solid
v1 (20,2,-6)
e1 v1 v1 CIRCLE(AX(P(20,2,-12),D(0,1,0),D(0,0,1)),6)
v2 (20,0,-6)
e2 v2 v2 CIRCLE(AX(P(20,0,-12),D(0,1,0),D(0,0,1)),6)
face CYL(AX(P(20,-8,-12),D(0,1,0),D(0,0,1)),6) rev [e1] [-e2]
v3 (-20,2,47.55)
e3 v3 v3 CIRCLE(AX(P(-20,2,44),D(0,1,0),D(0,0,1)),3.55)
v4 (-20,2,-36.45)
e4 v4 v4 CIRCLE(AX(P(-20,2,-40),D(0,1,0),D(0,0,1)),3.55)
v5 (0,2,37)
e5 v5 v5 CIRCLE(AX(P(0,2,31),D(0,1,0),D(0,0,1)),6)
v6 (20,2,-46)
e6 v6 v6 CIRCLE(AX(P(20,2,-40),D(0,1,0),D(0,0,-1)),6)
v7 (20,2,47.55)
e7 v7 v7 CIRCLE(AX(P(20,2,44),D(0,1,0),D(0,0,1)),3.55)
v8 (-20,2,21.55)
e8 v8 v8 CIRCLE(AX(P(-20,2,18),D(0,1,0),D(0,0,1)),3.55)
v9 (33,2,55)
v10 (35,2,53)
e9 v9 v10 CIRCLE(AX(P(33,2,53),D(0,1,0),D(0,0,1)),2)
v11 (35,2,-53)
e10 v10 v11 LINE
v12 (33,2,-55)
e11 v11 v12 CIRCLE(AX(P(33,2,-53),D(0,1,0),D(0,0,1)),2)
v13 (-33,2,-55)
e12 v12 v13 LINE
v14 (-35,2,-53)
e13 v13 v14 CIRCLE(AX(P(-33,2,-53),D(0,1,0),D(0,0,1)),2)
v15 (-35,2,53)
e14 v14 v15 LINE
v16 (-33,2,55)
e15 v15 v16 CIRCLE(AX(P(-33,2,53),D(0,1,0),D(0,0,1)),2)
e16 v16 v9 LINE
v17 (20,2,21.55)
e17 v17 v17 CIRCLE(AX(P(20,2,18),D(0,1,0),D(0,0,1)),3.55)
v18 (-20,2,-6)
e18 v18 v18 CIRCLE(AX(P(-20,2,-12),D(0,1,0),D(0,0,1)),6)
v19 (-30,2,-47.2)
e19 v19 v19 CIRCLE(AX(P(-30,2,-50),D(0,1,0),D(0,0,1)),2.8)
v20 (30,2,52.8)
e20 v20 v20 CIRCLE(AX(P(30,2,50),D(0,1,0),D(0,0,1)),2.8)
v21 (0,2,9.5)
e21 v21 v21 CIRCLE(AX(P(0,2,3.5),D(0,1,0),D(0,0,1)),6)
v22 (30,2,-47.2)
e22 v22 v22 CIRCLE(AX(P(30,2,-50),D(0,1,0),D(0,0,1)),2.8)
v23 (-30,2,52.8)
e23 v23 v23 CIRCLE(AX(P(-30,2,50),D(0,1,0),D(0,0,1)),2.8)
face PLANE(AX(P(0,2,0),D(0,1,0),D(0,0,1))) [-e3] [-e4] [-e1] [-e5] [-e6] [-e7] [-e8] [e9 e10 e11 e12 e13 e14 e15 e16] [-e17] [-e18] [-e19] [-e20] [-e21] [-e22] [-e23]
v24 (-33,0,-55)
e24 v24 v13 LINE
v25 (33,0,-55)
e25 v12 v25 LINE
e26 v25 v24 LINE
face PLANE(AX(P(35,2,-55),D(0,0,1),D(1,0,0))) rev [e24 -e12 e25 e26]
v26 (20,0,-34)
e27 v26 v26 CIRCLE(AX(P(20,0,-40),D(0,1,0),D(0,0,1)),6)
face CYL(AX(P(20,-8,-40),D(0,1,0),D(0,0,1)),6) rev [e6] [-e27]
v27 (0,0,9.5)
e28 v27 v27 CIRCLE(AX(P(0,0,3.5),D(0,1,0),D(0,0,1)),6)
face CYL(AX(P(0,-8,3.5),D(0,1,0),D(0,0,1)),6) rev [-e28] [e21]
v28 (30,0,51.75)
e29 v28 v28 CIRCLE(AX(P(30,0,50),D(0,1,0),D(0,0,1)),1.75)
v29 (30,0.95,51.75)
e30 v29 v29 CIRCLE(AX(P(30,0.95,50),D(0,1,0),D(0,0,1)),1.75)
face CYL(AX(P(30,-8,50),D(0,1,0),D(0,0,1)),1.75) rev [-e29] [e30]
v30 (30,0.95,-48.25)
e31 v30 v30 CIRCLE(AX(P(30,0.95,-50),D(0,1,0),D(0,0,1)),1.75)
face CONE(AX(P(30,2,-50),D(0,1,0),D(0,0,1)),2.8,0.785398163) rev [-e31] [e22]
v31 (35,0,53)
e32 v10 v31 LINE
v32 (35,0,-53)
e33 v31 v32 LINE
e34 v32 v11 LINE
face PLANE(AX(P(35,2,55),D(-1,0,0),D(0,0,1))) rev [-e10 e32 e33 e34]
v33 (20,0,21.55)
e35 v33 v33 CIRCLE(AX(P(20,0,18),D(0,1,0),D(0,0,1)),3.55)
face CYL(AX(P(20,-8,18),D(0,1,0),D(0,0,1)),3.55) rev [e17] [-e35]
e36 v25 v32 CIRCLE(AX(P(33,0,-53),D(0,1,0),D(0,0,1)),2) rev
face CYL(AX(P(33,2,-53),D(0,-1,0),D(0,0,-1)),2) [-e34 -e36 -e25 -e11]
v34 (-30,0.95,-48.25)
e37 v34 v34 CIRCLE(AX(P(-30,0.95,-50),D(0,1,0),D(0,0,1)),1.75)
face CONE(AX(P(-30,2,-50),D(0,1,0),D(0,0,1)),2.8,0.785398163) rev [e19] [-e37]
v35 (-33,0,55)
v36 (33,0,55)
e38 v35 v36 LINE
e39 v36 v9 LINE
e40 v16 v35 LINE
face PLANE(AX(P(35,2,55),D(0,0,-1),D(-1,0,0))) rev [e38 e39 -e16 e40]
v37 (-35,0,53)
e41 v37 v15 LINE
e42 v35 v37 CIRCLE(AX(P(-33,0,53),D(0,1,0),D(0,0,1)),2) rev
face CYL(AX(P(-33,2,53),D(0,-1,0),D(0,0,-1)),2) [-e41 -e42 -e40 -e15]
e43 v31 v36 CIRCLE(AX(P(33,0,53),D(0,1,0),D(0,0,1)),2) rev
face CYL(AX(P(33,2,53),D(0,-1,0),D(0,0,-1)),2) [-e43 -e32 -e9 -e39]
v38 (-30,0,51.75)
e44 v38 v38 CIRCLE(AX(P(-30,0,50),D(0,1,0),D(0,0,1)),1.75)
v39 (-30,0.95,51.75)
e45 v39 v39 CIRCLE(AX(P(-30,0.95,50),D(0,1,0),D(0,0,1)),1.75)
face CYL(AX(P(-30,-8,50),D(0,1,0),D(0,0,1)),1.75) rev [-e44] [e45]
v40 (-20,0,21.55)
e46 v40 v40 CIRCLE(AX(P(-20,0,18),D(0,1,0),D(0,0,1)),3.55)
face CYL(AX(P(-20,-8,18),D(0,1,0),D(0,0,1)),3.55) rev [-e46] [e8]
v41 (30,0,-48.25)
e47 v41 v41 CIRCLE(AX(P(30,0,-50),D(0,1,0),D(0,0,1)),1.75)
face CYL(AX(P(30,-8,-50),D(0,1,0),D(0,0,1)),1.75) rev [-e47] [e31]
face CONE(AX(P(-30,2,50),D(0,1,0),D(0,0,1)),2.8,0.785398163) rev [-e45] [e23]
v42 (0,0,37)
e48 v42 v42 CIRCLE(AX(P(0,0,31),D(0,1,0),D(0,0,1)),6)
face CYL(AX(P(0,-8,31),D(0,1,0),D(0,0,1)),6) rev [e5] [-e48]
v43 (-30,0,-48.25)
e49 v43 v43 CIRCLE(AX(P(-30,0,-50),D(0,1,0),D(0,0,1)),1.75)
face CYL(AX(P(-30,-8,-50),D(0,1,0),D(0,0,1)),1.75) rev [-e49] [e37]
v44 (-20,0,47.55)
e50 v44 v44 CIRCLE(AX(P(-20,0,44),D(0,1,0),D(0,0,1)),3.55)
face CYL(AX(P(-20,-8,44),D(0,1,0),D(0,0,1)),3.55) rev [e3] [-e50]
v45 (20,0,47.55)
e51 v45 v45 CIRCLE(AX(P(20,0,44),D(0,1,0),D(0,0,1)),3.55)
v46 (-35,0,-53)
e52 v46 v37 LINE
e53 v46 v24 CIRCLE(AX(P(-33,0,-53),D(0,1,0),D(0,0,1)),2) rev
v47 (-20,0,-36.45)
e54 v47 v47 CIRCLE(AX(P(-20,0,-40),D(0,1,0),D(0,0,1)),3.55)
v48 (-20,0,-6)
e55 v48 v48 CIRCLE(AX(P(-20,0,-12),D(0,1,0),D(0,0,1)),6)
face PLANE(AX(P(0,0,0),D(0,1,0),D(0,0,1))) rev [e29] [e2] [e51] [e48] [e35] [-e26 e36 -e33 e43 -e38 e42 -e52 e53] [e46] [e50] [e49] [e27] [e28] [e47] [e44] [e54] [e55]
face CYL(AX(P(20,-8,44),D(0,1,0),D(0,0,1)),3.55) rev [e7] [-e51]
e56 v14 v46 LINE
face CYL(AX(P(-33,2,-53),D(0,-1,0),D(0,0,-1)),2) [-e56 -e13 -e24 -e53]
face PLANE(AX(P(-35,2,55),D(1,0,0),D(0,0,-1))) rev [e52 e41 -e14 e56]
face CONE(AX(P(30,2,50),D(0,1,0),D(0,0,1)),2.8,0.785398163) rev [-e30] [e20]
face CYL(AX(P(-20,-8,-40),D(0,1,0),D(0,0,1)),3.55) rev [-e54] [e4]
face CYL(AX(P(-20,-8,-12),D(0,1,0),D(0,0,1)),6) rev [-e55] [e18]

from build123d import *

# Parameters (mm, degrees)
FACE_PLATE_W           = 70
FACE_PLATE_H           = 110
FACE_PLATE_EXT_DEPTH   = 2
BUTTONS_R              = 6
BUTTONS_R_2            = 3.55
BUTTONS_CUT_DEPTH      = 10
M3_TOP_SCREW_R         = 1.75
M3_TOP_SCREW_CUT_DEPTH = 10
FILLET1_R              = 2
FILLET2_R              = 2
FILLET3_R              = 2
FILLET4_R              = 2


with BuildPart() as part:
    # Face Plate → Face Plate Ext (new body)
    with BuildSketch(Plane(origin=(0, 0, 0), x_dir=(1, 0, 0), z_dir=(0, 1, 0))):
        Rectangle(FACE_PLATE_W, FACE_PLATE_H)
    extrude(amount=FACE_PLATE_EXT_DEPTH)

    # Buttons → Buttons CUT (cut)
    with BuildSketch(Plane(origin=(0, 2, 0), x_dir=(1, 0, 0), z_dir=(0, 1, 0))):
        with Locations(Location((-20, 12, 0), (0, 0, 270))):
            Circle(BUTTONS_R)
        with Locations(Location((20, 12, 0), (0, 0, 270))):
            Circle(BUTTONS_R)
        with Locations(Location((-20, -18, 0), (0, 0, 270))):
            Circle(BUTTONS_R_2)
        with Locations(Location((-20, -44, 0), (0, 0, 270))):
            Circle(BUTTONS_R_2)
        with Locations(Location((-20, 40, 0), (0, 0, 270))):
            Circle(BUTTONS_R_2)
        with Locations(Location((20, -18, 0), (0, 0, 270))):
            Circle(BUTTONS_R_2)
        with Locations(Location((20, -44, 0), (0, 0, 270))):
            Circle(BUTTONS_R_2)
        with Locations(Location((20, 40, 0), (0, 0, 270))):
            Circle(BUTTONS_R)
        with Locations(Location((0, -31, 0), (0, 0, 270))):
            Circle(BUTTONS_R)
        with Locations(Location((0, -3.5, 0), (0, 0, 270))):
            Circle(BUTTONS_R)
    extrude(amount=-BUTTONS_CUT_DEPTH, mode=Mode.SUBTRACT)

    # M3 Top Screw → M3 Top Screw CUT (cut)
    with BuildSketch(Plane(origin=(0, 2, 0), x_dir=(1, 0, 0), z_dir=(0, 1, 0))):
        with Locations(Location((-30, 50, 0), (0, 0, 270))):
            Circle(M3_TOP_SCREW_R)
        with Locations(Location((30, 50, 0), (0, 0, 270))):
            Circle(M3_TOP_SCREW_R)
        with Locations(Location((-30, -50, 0), (0, 0, 270))):
            Circle(M3_TOP_SCREW_R)
        with Locations(Location((30, -50, 0), (0, 0, 270))):
            Circle(M3_TOP_SCREW_R)
    extrude(amount=-M3_TOP_SCREW_CUT_DEPTH, mode=Mode.SUBTRACT)

    # M3 Head Top CUT cone 1 section (through the dimple's axis) → M3 Head Top CUT (revolve, cut)
    with BuildSketch(Plane(origin=(-30, 2, -50), x_dir=(0, 0, 1), z_dir=(1, 0, 0))):
        Polygon((0, 0), (2.8, 0), (0, 2.8), align=None)
    revolve(axis=Axis((-30, 2, -50), (0, -1, 0)), mode=Mode.SUBTRACT)

    # M3 Head Top CUT cone 2 section (through the dimple's axis) → M3 Head Top CUT cone 2 (revolve, cut)
    with BuildSketch(Plane(origin=(30, 2, -50), x_dir=(0, 0, 1), z_dir=(1, 0, 0))):
        Polygon((0, 0), (2.8, 0), (0, 2.8), align=None)
    revolve(axis=Axis((30, 2, -50), (0, -1, 0)), mode=Mode.SUBTRACT)

    # M3 Head Top CUT cone 3 section (through the dimple's axis) → M3 Head Top CUT cone 3 (revolve, cut)
    with BuildSketch(Plane(origin=(30, 2, 50), x_dir=(0, 0, 1), z_dir=(1, 0, 0))):
        Polygon((0, 0), (2.8, 0), (0, 2.8), align=None)
    revolve(axis=Axis((30, 2, 50), (0, -1, 0)), mode=Mode.SUBTRACT)

    # M3 Head Top CUT cone 4 section (through the dimple's axis) → M3 Head Top CUT cone 4 (revolve, cut)
    with BuildSketch(Plane(origin=(-30, 2, 50), x_dir=(0, 0, 1), z_dir=(1, 0, 0))):
        Polygon((0, 0), (2.8, 0), (0, 2.8), align=None)
    revolve(axis=Axis((-30, 2, 50), (0, -1, 0)), mode=Mode.SUBTRACT)

    # Fillet1
    fillet1_edges = [part.edges().sort_by_distance(p)[0] for p in [
        (-35, 1, -55),
    ]]
    fillet(fillet1_edges, radius=FILLET1_R)

    # Fillet2
    fillet2_edges = [part.edges().sort_by_distance(p)[0] for p in [
        (35, 1, -55),
    ]]
    fillet(fillet2_edges, radius=FILLET2_R)

    # Fillet3
    fillet3_edges = [part.edges().sort_by_distance(p)[0] for p in [
        (35, 1, 55),
    ]]
    fillet(fillet3_edges, radius=FILLET3_R)

    # Fillet4
    fillet4_edges = [part.edges().sort_by_distance(p)[0] for p in [
        (-35, 1, 55),
    ]]
    fillet(fillet4_edges, radius=FILLET4_R)


solid = part.part
